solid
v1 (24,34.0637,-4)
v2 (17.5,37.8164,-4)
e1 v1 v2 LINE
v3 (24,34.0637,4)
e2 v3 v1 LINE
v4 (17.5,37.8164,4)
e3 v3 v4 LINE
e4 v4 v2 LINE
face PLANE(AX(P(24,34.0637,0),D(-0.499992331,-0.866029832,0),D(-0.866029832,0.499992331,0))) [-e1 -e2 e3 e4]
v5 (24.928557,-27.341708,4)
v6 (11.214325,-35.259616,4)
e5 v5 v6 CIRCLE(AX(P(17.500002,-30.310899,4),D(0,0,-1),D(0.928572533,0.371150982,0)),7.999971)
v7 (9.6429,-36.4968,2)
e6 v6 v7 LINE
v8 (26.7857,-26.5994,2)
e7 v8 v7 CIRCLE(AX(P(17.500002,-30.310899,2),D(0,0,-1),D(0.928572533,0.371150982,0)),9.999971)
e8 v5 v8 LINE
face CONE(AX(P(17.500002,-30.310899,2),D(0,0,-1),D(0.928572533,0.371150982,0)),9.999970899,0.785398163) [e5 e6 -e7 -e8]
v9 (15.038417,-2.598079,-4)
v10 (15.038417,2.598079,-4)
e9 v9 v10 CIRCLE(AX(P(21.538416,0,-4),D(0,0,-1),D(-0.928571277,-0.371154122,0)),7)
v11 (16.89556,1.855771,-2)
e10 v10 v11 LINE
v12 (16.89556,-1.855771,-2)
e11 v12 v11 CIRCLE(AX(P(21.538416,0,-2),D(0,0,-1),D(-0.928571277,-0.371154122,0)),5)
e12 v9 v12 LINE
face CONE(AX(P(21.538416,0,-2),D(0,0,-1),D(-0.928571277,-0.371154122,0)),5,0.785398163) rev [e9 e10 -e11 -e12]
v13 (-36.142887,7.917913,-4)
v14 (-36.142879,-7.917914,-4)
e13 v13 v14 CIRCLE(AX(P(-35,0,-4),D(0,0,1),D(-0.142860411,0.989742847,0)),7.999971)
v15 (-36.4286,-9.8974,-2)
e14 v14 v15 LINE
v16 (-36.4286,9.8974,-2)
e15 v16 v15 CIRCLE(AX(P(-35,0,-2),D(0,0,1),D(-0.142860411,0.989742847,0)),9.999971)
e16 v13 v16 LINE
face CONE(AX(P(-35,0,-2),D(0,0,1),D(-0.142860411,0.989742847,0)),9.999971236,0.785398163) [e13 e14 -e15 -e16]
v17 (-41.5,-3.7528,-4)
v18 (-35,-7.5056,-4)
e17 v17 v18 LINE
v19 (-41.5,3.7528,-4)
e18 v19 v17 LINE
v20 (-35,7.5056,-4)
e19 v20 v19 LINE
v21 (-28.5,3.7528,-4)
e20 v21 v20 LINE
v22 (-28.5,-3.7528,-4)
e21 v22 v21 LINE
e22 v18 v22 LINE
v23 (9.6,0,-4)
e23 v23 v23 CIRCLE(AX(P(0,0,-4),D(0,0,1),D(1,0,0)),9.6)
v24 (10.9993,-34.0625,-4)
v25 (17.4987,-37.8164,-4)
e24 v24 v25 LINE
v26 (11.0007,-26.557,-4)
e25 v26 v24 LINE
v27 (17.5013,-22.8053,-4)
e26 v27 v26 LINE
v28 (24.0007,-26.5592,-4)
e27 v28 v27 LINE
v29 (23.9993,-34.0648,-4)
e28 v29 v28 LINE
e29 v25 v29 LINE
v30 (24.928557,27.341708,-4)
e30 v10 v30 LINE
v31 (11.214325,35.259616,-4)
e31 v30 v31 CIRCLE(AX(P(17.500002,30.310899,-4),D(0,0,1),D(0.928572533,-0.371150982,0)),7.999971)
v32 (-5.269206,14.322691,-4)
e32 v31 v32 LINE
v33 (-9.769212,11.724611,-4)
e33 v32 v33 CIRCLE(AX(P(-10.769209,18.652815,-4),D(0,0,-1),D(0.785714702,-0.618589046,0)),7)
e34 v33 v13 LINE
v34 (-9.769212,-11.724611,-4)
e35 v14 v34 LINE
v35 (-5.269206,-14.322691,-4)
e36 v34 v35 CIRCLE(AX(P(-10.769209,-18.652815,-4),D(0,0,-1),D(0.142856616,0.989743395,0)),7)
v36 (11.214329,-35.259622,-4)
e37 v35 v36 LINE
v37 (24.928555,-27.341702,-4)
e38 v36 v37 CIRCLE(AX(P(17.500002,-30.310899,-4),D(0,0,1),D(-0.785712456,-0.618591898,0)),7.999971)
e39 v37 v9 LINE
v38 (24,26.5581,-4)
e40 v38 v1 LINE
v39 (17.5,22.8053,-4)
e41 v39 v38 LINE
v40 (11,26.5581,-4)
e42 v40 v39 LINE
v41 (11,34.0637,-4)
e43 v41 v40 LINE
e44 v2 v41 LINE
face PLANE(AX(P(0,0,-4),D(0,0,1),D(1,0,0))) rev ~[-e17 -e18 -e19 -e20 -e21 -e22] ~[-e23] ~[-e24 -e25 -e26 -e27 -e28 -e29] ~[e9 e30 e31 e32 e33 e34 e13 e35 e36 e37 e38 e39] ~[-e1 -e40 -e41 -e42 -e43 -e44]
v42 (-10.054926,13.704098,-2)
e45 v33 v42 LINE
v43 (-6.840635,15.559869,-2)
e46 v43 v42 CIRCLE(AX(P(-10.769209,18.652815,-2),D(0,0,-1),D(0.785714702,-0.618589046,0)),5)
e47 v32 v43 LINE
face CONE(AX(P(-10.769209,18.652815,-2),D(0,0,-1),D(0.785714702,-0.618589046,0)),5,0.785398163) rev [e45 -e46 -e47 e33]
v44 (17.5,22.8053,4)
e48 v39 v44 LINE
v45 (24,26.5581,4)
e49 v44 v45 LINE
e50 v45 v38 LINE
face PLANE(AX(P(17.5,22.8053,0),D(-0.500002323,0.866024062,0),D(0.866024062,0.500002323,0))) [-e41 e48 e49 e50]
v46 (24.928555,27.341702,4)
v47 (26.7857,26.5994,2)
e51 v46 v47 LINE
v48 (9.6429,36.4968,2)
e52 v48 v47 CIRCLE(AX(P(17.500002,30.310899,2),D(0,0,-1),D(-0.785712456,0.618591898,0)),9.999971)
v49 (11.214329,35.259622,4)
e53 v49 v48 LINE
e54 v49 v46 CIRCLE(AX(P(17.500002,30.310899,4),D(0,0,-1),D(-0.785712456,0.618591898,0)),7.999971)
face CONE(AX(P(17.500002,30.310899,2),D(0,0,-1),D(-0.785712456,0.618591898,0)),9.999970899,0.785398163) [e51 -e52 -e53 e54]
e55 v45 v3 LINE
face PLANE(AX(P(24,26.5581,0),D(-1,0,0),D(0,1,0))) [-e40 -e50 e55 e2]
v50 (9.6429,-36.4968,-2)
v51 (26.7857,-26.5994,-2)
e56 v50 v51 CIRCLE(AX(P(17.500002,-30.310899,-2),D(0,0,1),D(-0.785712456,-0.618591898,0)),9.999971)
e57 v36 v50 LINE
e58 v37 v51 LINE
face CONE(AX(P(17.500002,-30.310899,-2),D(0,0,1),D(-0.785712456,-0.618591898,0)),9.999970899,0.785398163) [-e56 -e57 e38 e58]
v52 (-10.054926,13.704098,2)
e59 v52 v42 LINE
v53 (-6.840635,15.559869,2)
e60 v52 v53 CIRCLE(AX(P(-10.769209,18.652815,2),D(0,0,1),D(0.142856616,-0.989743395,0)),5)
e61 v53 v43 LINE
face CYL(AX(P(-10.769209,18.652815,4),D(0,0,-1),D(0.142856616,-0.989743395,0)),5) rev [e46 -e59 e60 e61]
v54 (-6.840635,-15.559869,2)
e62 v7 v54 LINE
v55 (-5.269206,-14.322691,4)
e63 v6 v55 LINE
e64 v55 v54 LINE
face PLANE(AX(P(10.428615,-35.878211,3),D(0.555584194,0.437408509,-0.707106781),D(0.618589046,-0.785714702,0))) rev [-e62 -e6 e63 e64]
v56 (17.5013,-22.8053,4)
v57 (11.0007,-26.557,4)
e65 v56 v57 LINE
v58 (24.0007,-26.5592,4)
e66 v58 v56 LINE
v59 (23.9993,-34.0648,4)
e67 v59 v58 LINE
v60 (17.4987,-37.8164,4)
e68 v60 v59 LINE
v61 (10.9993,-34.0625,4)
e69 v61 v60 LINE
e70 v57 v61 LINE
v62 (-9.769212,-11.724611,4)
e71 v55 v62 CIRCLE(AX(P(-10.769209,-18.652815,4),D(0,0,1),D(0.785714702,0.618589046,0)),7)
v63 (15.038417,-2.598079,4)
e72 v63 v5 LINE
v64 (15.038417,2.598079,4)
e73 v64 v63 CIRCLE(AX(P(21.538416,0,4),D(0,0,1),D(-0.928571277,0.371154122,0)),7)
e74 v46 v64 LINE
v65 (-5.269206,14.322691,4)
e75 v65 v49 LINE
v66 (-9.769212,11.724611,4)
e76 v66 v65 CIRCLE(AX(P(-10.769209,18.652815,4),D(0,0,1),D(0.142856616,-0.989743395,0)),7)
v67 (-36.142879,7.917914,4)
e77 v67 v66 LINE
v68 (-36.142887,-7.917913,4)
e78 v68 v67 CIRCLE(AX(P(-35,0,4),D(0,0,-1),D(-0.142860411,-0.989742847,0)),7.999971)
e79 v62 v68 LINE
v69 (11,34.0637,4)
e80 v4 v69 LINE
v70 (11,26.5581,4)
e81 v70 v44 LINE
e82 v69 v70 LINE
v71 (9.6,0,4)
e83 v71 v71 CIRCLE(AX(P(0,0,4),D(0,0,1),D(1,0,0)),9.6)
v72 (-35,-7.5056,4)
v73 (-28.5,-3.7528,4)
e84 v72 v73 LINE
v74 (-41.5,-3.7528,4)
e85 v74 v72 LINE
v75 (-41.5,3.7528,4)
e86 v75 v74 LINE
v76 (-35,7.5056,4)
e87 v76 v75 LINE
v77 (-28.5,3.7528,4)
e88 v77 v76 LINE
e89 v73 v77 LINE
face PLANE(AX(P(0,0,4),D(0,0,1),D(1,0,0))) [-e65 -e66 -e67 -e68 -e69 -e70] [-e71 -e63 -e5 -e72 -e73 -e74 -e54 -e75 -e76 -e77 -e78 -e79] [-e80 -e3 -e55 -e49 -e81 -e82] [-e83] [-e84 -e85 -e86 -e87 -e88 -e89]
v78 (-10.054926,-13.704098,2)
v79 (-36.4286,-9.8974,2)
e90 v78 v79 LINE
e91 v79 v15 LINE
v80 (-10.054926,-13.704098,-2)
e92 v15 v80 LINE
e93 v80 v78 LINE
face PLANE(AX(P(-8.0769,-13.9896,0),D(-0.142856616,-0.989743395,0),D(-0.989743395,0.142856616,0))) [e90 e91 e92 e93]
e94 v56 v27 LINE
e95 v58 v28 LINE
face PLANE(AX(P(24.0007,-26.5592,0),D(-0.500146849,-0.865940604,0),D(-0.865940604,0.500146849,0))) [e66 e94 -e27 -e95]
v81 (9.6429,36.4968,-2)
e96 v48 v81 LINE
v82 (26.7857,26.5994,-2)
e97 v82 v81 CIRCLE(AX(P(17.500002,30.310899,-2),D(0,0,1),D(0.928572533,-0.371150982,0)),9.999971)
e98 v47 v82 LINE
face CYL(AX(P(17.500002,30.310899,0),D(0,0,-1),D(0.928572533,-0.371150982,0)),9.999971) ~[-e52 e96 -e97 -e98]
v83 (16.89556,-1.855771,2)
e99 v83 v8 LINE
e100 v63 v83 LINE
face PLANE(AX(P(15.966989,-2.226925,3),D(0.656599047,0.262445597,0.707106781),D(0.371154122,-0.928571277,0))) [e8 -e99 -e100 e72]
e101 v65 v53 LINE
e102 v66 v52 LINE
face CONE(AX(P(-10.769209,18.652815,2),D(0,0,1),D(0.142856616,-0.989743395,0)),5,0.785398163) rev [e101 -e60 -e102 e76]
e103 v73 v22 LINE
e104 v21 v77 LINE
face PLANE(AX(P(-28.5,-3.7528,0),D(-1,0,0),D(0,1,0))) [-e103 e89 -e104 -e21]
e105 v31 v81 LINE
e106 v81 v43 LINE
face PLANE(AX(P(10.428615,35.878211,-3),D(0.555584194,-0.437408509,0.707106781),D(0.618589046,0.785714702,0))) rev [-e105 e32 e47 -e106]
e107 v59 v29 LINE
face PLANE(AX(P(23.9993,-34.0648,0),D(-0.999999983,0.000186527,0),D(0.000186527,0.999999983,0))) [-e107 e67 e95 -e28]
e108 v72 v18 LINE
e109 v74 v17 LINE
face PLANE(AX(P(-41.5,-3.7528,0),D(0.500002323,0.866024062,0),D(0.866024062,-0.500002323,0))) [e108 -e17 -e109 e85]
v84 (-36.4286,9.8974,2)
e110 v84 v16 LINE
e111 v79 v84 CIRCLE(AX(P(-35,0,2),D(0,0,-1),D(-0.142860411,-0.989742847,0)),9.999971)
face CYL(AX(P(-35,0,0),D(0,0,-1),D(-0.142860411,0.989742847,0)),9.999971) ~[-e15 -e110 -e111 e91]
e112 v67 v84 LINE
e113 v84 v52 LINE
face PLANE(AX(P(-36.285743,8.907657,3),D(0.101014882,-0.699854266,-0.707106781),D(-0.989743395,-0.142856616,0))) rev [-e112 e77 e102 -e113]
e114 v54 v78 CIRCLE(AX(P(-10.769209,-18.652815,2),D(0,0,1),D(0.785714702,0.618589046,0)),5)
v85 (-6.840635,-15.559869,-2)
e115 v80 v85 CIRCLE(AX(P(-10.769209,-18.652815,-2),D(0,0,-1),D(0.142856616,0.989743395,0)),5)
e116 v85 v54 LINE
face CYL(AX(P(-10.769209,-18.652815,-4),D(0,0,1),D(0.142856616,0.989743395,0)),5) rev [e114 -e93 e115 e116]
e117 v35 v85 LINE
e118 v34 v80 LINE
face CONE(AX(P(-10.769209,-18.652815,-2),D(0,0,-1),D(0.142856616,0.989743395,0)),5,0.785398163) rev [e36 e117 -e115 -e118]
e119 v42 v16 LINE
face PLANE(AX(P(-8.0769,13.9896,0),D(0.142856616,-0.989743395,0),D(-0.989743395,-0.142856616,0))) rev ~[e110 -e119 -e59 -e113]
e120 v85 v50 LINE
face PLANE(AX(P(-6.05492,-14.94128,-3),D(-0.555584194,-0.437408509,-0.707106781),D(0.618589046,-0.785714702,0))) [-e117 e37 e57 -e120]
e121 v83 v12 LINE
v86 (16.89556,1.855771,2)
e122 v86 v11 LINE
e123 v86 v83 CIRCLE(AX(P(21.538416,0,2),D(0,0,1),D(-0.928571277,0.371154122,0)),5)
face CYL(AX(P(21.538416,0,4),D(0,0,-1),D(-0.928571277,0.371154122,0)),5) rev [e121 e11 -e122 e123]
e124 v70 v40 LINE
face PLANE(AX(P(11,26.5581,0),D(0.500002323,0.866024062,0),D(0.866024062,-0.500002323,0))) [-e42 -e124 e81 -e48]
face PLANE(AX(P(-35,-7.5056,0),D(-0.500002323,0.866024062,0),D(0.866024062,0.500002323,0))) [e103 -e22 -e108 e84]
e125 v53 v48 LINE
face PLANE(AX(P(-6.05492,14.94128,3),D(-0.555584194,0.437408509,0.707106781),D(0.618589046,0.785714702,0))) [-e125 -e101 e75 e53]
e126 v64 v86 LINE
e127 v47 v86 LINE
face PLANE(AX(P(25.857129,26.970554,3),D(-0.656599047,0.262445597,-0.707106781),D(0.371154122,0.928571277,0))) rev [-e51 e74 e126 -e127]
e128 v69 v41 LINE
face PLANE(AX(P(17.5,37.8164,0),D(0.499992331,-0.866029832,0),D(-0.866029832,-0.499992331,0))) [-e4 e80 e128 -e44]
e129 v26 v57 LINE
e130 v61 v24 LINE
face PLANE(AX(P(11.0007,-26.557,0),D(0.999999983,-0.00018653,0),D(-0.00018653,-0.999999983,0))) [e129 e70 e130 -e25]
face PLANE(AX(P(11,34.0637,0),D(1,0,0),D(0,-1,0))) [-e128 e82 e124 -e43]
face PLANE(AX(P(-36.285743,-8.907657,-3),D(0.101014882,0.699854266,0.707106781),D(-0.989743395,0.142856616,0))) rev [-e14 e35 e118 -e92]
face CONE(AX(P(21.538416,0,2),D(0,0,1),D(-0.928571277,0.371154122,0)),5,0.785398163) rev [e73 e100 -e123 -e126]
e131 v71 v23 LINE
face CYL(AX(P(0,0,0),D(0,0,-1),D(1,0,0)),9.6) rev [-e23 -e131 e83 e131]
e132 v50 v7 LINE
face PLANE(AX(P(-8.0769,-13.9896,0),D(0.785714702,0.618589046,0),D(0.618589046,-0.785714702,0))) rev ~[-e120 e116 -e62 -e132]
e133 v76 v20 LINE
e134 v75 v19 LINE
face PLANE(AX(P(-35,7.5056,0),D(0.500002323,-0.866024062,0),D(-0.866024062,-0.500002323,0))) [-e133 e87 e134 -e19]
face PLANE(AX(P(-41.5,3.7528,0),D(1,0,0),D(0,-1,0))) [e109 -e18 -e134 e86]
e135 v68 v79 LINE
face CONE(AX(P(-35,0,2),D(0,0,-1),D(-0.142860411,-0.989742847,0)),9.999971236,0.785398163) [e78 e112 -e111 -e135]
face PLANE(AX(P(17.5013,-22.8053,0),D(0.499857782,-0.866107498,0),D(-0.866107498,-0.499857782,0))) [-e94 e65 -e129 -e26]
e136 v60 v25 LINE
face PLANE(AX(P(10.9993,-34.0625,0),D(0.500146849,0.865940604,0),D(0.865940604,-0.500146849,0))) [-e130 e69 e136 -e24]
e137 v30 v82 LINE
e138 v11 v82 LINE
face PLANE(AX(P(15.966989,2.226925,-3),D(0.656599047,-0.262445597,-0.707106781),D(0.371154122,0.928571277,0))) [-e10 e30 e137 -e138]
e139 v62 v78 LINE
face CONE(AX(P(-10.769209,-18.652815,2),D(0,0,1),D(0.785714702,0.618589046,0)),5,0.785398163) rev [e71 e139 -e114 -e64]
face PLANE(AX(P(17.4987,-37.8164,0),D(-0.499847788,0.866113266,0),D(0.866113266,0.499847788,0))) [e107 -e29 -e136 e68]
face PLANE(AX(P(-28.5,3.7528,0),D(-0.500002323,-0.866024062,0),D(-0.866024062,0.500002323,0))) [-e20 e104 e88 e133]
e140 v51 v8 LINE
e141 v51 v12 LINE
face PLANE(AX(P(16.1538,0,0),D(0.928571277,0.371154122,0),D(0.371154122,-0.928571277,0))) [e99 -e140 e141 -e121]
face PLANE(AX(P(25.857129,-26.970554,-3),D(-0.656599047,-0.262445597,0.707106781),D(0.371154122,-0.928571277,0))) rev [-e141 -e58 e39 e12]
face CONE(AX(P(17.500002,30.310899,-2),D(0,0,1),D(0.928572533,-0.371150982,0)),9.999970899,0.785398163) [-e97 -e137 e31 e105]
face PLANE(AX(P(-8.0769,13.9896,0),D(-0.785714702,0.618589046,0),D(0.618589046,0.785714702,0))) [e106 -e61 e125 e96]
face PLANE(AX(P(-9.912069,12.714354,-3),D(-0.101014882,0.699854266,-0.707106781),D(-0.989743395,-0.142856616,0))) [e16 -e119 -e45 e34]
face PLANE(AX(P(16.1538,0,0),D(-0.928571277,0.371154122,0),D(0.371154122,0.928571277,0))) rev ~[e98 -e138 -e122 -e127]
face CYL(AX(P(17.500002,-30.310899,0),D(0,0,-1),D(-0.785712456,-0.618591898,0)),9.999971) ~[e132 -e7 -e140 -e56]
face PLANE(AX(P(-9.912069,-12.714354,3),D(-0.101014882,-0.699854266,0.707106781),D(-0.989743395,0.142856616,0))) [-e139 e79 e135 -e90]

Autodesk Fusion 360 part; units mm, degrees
sketch "Sketch2" plane through (0, 0, 0) normal (0, 0, 1) x (1, 0, 0)
  circle A0 centre (0, 0) radius 45 construction
  line L0 (-28.5, 3.7528) -> (-35, 7.5056)
  line L1 (-35, 7.5056) -> (-41.5, 3.7528)
  line L2 (-41.5, 3.7528) -> (-41.5, -3.7528)
  line L3 (-41.5, -3.7528) -> (-35, -7.5056)
  line L4 (-35, -7.5056) -> (-28.5, -3.7528)
  line L5 (-28.5, -3.7528) -> (-28.5, 3.7528)
  line L6 (11.0007, -26.557) -> (10.9993, -34.0625)
  line L7 (10.9993, -34.0625) -> (17.4987, -37.8164)
  line L8 (17.4987, -37.8164) -> (23.9993, -34.0648)
  line L9 (23.9993, -34.0648) -> (24.0007, -26.5592)
  line L10 (24.0007, -26.5592) -> (17.5013, -22.8053)
  line L11 (17.5013, -22.8053) -> (11.0007, -26.557)
  line L12 (17.5, 22.8053) -> (24, 26.5581)
  line L13 (24, 26.5581) -> (24, 34.0637)
  line L14 (24, 34.0637) -> (17.5, 37.8164)
  line L15 (17.5, 37.8164) -> (11, 34.0637)
  line L16 (11, 34.0637) -> (11, 26.5581)
  line L17 (11, 26.5581) -> (17.5, 22.8053)
  circle A1 centre (0, 0) radius 4
  circle A2 centre (0, 0) radius 6.075
  circle A3 centre (0, 0) radius 9.6
  line L18 (-8.0769, -13.9896) -> (-36.4286, -9.8974)
  line L19 (-8.0769, 13.9896) -> (-36.4286, 9.8974)
  line L20 (16.1538, 0) -> (26.7857, -26.5994)
  line L21 (-8.0769, -13.9896) -> (9.6429, -36.4968)
  line L22 (-8.0769, 13.9896) -> (9.6429, 36.4968)
  line L23 (16.1538, 0) -> (26.7857, 26.5994)
  arc A4 (-36.4286, 9.8974) -> (-36.4286, -9.8974) centre (-35, 0) ccw
  arc A5 (26.7857, 26.5994) -> (9.6429, 36.4968) centre (17.5, 30.3109) ccw
  arc A6 (9.6429, -36.4968) -> (26.7857, -26.5994) centre (17.5, -30.3109) ccw
  point P0 (-35, 0)
  point P1 (17.5, -30.3109)
  point P2 (17.5, 30.3109)
  dimension "d1" = 90
  dimension "d3" = 6.5
  dimension "d4" = 35
  dimension "d7" = 6.5
  dimension "d8" = 6.5
  dimension "d9" = 8
  dimension "d10" = 12.15
  dimension "d11" = 19.2
  dimension "d12" = 35
  dimension "d13" = 35
extrude "Extrude1" add sketch "Sketch2" along normal mid plane 8 contours L18 L19 L20 L21 L22 L23 A4 A5 A6
fillet "Fillet1" radius 5 3 edges at (-8.0769, -13.9896, 0) (16.1538, 0, 0) (-8.0769, 13.9896, 0)
chamfer "Chamfer1" distance 2 angle 45 12 edges at (-8.2692, 14.3227, 4) (-23.2418, 11.8008, 4) (-45, 0, 4) (-23.2418, -11.8008, 4) (-8.2692, -14.3227, 4) (1.4011, -26.0283, 4) (22.5, -38.9711, 4) (21.8407, -14.2276, 4) (16.5385, 0, 4) (21.8407, 14.2276, 4) (22.5, 38.9711, 4) (1.4011, 26.0283, 4)
chamfer "Chamfer2" distance 2 angle 45 12 edges at (21.8407, 14.2276, -4) (16.5385, 0, -4) (21.8407, -14.2276, -4) (22.5, -38.9711, -4) (1.4011, -26.0283, -4) (-8.2692, -14.3227, -4) (-23.2418, -11.8008, -4) (-45, 0, -4) (-23.2418, 11.8008, -4) (-8.2692, 14.3227, -4) (1.4011, 26.0283, -4) (22.5, 38.9711, -4)
